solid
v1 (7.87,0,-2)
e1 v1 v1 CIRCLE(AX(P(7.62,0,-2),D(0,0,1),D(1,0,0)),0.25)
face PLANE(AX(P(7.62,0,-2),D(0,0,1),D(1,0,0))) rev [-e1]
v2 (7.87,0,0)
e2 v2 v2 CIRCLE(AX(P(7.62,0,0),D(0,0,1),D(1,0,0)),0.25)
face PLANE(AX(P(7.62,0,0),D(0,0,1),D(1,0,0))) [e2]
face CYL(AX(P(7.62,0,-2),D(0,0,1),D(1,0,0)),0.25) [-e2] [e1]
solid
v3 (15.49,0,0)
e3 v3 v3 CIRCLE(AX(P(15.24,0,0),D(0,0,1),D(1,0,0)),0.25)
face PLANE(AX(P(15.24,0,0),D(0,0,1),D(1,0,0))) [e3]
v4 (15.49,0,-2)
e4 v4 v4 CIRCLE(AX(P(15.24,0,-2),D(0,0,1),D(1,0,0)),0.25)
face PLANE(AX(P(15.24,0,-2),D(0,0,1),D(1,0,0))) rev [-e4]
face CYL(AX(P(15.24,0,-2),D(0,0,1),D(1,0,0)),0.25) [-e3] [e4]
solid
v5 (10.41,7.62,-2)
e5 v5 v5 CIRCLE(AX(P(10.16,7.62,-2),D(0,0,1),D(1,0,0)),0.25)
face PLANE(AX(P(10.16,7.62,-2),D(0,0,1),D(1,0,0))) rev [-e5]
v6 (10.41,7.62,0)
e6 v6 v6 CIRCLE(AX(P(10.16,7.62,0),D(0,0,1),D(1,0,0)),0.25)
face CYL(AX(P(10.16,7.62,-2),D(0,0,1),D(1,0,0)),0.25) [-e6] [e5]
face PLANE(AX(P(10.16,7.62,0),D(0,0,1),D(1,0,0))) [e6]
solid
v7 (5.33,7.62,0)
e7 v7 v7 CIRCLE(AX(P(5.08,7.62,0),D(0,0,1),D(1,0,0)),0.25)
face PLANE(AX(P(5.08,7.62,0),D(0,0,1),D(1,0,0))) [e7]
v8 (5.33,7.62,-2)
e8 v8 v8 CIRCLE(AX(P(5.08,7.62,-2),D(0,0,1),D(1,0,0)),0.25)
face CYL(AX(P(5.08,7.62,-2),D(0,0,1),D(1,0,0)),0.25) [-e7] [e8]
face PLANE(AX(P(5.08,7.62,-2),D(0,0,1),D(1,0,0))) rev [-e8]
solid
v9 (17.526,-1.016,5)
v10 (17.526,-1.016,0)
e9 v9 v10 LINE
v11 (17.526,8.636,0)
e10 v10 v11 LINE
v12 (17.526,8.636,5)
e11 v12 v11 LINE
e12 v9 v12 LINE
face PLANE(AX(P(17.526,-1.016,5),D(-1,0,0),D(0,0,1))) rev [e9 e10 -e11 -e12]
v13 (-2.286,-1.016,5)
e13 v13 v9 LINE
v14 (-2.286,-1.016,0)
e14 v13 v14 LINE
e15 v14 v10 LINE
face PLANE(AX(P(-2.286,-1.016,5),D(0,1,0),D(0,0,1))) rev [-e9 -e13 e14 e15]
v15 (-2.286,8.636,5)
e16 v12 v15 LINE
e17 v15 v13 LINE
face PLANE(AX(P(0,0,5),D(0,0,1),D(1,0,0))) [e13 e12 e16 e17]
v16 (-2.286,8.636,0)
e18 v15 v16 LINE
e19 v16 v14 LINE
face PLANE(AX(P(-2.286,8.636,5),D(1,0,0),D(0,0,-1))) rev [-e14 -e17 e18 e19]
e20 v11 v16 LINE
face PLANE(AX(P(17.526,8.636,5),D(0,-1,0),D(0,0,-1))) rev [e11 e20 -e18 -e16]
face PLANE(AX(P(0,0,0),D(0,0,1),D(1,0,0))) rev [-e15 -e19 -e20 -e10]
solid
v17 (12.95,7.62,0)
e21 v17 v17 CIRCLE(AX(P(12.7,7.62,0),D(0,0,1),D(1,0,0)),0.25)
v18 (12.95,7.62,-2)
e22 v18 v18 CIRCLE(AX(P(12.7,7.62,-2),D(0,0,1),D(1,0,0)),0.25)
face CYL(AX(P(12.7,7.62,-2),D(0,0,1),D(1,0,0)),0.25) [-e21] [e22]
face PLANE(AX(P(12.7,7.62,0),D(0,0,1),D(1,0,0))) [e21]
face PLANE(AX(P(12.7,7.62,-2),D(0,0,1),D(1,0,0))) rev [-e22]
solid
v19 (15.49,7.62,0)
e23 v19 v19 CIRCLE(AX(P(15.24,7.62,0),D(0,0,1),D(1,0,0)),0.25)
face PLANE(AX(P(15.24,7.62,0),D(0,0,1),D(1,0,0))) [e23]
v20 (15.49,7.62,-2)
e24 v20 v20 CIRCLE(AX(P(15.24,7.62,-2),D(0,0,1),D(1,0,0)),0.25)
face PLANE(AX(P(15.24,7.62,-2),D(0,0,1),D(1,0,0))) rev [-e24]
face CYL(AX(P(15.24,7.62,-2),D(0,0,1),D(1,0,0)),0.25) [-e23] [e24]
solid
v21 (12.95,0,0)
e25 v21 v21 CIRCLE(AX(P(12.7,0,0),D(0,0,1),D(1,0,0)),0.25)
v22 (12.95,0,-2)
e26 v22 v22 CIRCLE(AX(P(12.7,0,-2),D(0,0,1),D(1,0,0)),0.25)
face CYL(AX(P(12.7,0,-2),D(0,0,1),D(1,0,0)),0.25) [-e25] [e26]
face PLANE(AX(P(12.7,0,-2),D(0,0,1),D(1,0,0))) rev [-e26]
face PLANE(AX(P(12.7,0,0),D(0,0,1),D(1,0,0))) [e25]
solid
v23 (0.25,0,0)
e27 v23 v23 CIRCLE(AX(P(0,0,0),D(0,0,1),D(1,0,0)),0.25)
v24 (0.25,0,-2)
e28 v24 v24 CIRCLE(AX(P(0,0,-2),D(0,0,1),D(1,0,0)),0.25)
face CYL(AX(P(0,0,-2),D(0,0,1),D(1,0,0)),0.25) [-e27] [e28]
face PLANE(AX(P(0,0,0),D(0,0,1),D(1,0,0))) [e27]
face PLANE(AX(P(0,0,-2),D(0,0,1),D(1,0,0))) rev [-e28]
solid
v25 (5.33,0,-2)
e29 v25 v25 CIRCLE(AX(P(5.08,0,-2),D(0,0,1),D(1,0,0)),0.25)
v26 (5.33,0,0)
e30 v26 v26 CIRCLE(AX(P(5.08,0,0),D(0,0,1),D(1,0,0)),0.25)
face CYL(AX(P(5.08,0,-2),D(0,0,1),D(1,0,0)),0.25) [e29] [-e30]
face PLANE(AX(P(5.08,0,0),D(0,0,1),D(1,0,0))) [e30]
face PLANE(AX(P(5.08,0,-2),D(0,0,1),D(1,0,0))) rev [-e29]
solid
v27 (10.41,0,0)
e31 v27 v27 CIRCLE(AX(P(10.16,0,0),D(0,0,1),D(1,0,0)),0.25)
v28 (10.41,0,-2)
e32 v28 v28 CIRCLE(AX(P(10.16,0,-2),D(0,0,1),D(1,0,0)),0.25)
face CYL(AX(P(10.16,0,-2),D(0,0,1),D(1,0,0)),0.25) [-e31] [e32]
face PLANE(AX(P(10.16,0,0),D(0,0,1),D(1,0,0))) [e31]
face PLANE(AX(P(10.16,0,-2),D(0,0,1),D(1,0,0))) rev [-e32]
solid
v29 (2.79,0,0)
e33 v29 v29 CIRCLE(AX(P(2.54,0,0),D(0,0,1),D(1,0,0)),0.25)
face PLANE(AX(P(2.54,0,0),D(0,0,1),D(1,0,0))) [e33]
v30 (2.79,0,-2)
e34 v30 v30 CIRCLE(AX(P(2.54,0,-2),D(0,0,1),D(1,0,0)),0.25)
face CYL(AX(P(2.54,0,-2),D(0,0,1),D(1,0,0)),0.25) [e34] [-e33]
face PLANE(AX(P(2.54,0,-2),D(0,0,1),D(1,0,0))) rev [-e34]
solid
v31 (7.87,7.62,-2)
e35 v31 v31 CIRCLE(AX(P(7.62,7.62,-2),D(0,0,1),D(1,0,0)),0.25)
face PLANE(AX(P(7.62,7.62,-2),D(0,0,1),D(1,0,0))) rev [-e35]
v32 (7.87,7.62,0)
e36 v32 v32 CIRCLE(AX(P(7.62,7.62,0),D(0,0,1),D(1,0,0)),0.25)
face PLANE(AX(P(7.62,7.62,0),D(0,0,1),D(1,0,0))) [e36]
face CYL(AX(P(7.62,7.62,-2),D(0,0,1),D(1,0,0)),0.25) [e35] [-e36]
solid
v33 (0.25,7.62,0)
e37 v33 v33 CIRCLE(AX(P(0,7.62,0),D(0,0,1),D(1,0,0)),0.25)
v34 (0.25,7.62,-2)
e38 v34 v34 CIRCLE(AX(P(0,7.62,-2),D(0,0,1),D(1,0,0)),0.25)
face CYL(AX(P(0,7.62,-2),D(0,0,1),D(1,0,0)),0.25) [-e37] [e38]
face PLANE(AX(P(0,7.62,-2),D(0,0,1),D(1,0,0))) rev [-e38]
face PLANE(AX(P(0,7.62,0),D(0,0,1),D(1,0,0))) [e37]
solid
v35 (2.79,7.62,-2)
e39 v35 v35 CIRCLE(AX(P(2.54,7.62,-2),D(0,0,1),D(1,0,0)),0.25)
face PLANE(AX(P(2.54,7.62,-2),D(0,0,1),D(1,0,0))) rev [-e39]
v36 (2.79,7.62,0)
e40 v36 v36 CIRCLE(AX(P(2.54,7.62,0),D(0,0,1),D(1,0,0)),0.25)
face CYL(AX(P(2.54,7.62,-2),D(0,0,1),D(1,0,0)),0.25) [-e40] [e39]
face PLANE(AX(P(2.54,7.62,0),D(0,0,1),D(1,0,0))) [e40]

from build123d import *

# Parameters (mm, degrees)
SKETCH1_W               = 19.812
SKETCH1_H               = 9.652
COMPONENT_OUTLINE_DEPTH = 5
SKETCH2_R               = 0.25
EXTRUDE_1_DEPTH         = 2
SKETCH3_R               = 0.25
EXTRUDE_2_DEPTH         = 2
SKETCH4_R               = 0.25
EXTRUDE_3_DEPTH         = 2
SKETCH5_R               = 0.25
EXTRUDE_4_DEPTH         = 2
SKETCH6_R               = 0.25
EXTRUDE_5_DEPTH         = 2
SKETCH7_R               = 0.25
EXTRUDE_6_DEPTH         = 2
SKETCH8_R               = 0.25
EXTRUDE_7_DEPTH         = 2
SKETCH9_R               = 0.25
EXTRUDE_8_DEPTH         = 2
SKETCH10_R              = 0.25
EXTRUDE_9_DEPTH         = 2
SKETCH11_R              = 0.25
EXTRUDE_10_DEPTH        = 2
SKETCH12_R              = 0.25
EXTRUDE_11_DEPTH        = 2
SKETCH13_R              = 0.25
EXTRUDE_12_DEPTH        = 2
SKETCH14_R              = 0.25
EXTRUDE_13_DEPTH        = 2
SKETCH15_R              = 0.25
EXTRUDE_14_DEPTH        = 2


with BuildPart() as part:
    # Sketch1 → Component_Outline (new body)
    with BuildSketch(Plane.XY):
        with Locations((7.62, 3.81)):
            Rectangle(SKETCH1_W, SKETCH1_H)
    extrude(amount=COMPONENT_OUTLINE_DEPTH)


with BuildPart() as body_2:
    # Sketch2 → Extrude 1 (new body)
    with BuildSketch(Plane.XY):
        Circle(SKETCH2_R)
    extrude(amount=-EXTRUDE_1_DEPTH)


with BuildPart() as body_3:
    # Sketch3 → Extrude 2 (new body)
    with BuildSketch(Plane.XY):
        with Locations((2.54, 0)):
            Circle(SKETCH3_R)
    extrude(amount=-EXTRUDE_2_DEPTH)


with BuildPart() as body_4:
    # Sketch4 → Extrude 3 (new body)
    with BuildSketch(Plane.XY):
        with Locations((5.08, 0)):
            Circle(SKETCH4_R)
    extrude(amount=-EXTRUDE_3_DEPTH)


with BuildPart() as body_5:
    # Sketch5 → Extrude 4 (new body)
    with BuildSketch(Plane.XY):
        with Locations((7.62, 0)):
            Circle(SKETCH5_R)
    extrude(amount=-EXTRUDE_4_DEPTH)


with BuildPart() as body_6:
    # Sketch6 → Extrude 5 (new body)
    with BuildSketch(Plane.XY):
        with Locations((10.16, 0)):
            Circle(SKETCH6_R)
    extrude(amount=-EXTRUDE_5_DEPTH)


with BuildPart() as body_7:
    # Sketch7 → Extrude 6 (new body)
    with BuildSketch(Plane.XY):
        with Locations((12.7, 0)):
            Circle(SKETCH7_R)
    extrude(amount=-EXTRUDE_6_DEPTH)


with BuildPart() as body_8:
    # Sketch8 → Extrude 7 (new body)
    with BuildSketch(Plane.XY):
        with Locations((15.24, 0)):
            Circle(SKETCH8_R)
    extrude(amount=-EXTRUDE_7_DEPTH)


with BuildPart() as body_9:
    # Sketch9 → Extrude 8 (new body)
    with BuildSketch(Plane.XY):
        with Locations((15.24, 7.62)):
            Circle(SKETCH9_R)
    extrude(amount=-EXTRUDE_8_DEPTH)


with BuildPart() as body_10:
    # Sketch10 → Extrude 9 (new body)
    with BuildSketch(Plane.XY):
        with Locations((12.7, 7.62)):
            Circle(SKETCH10_R)
    extrude(amount=-EXTRUDE_9_DEPTH)


with BuildPart() as body_11:
    # Sketch11 → Extrude 10 (new body)
    with BuildSketch(Plane.XY):
        with Locations((10.16, 7.62)):
            Circle(SKETCH11_R)
    extrude(amount=-EXTRUDE_10_DEPTH)


with BuildPart() as body_12:
    # Sketch12 → Extrude 11 (new body)
    with BuildSketch(Plane.XY):
        with Locations((7.62, 7.62)):
            Circle(SKETCH12_R)
    extrude(amount=-EXTRUDE_11_DEPTH)


with BuildPart() as body_13:
    # Sketch13 → Extrude 12 (new body)
    with BuildSketch(Plane.XY):
        with Locations((5.08, 7.62)):
            Circle(SKETCH13_R)
    extrude(amount=-EXTRUDE_12_DEPTH)


with BuildPart() as body_14:
    # Sketch14 → Extrude 13 (new body)
    with BuildSketch(Plane.XY):
        with Locations((2.54, 7.62)):
            Circle(SKETCH14_R)
    extrude(amount=-EXTRUDE_13_DEPTH)


with BuildPart() as body_15:
    # Sketch15 → Extrude 14 (new body)
    with BuildSketch(Plane.XY):
        with Locations((0, 7.62)):
            Circle(SKETCH15_R)
    extrude(amount=-EXTRUDE_14_DEPTH)


solid = Compound([part.part, body_2.part, body_3.part, body_4.part, body_5.part, body_6.part, body_7.part, body_8.part, body_9.part, body_10.part, body_11.part, body_12.part, body_13.part, body_14.part, body_15.part])
